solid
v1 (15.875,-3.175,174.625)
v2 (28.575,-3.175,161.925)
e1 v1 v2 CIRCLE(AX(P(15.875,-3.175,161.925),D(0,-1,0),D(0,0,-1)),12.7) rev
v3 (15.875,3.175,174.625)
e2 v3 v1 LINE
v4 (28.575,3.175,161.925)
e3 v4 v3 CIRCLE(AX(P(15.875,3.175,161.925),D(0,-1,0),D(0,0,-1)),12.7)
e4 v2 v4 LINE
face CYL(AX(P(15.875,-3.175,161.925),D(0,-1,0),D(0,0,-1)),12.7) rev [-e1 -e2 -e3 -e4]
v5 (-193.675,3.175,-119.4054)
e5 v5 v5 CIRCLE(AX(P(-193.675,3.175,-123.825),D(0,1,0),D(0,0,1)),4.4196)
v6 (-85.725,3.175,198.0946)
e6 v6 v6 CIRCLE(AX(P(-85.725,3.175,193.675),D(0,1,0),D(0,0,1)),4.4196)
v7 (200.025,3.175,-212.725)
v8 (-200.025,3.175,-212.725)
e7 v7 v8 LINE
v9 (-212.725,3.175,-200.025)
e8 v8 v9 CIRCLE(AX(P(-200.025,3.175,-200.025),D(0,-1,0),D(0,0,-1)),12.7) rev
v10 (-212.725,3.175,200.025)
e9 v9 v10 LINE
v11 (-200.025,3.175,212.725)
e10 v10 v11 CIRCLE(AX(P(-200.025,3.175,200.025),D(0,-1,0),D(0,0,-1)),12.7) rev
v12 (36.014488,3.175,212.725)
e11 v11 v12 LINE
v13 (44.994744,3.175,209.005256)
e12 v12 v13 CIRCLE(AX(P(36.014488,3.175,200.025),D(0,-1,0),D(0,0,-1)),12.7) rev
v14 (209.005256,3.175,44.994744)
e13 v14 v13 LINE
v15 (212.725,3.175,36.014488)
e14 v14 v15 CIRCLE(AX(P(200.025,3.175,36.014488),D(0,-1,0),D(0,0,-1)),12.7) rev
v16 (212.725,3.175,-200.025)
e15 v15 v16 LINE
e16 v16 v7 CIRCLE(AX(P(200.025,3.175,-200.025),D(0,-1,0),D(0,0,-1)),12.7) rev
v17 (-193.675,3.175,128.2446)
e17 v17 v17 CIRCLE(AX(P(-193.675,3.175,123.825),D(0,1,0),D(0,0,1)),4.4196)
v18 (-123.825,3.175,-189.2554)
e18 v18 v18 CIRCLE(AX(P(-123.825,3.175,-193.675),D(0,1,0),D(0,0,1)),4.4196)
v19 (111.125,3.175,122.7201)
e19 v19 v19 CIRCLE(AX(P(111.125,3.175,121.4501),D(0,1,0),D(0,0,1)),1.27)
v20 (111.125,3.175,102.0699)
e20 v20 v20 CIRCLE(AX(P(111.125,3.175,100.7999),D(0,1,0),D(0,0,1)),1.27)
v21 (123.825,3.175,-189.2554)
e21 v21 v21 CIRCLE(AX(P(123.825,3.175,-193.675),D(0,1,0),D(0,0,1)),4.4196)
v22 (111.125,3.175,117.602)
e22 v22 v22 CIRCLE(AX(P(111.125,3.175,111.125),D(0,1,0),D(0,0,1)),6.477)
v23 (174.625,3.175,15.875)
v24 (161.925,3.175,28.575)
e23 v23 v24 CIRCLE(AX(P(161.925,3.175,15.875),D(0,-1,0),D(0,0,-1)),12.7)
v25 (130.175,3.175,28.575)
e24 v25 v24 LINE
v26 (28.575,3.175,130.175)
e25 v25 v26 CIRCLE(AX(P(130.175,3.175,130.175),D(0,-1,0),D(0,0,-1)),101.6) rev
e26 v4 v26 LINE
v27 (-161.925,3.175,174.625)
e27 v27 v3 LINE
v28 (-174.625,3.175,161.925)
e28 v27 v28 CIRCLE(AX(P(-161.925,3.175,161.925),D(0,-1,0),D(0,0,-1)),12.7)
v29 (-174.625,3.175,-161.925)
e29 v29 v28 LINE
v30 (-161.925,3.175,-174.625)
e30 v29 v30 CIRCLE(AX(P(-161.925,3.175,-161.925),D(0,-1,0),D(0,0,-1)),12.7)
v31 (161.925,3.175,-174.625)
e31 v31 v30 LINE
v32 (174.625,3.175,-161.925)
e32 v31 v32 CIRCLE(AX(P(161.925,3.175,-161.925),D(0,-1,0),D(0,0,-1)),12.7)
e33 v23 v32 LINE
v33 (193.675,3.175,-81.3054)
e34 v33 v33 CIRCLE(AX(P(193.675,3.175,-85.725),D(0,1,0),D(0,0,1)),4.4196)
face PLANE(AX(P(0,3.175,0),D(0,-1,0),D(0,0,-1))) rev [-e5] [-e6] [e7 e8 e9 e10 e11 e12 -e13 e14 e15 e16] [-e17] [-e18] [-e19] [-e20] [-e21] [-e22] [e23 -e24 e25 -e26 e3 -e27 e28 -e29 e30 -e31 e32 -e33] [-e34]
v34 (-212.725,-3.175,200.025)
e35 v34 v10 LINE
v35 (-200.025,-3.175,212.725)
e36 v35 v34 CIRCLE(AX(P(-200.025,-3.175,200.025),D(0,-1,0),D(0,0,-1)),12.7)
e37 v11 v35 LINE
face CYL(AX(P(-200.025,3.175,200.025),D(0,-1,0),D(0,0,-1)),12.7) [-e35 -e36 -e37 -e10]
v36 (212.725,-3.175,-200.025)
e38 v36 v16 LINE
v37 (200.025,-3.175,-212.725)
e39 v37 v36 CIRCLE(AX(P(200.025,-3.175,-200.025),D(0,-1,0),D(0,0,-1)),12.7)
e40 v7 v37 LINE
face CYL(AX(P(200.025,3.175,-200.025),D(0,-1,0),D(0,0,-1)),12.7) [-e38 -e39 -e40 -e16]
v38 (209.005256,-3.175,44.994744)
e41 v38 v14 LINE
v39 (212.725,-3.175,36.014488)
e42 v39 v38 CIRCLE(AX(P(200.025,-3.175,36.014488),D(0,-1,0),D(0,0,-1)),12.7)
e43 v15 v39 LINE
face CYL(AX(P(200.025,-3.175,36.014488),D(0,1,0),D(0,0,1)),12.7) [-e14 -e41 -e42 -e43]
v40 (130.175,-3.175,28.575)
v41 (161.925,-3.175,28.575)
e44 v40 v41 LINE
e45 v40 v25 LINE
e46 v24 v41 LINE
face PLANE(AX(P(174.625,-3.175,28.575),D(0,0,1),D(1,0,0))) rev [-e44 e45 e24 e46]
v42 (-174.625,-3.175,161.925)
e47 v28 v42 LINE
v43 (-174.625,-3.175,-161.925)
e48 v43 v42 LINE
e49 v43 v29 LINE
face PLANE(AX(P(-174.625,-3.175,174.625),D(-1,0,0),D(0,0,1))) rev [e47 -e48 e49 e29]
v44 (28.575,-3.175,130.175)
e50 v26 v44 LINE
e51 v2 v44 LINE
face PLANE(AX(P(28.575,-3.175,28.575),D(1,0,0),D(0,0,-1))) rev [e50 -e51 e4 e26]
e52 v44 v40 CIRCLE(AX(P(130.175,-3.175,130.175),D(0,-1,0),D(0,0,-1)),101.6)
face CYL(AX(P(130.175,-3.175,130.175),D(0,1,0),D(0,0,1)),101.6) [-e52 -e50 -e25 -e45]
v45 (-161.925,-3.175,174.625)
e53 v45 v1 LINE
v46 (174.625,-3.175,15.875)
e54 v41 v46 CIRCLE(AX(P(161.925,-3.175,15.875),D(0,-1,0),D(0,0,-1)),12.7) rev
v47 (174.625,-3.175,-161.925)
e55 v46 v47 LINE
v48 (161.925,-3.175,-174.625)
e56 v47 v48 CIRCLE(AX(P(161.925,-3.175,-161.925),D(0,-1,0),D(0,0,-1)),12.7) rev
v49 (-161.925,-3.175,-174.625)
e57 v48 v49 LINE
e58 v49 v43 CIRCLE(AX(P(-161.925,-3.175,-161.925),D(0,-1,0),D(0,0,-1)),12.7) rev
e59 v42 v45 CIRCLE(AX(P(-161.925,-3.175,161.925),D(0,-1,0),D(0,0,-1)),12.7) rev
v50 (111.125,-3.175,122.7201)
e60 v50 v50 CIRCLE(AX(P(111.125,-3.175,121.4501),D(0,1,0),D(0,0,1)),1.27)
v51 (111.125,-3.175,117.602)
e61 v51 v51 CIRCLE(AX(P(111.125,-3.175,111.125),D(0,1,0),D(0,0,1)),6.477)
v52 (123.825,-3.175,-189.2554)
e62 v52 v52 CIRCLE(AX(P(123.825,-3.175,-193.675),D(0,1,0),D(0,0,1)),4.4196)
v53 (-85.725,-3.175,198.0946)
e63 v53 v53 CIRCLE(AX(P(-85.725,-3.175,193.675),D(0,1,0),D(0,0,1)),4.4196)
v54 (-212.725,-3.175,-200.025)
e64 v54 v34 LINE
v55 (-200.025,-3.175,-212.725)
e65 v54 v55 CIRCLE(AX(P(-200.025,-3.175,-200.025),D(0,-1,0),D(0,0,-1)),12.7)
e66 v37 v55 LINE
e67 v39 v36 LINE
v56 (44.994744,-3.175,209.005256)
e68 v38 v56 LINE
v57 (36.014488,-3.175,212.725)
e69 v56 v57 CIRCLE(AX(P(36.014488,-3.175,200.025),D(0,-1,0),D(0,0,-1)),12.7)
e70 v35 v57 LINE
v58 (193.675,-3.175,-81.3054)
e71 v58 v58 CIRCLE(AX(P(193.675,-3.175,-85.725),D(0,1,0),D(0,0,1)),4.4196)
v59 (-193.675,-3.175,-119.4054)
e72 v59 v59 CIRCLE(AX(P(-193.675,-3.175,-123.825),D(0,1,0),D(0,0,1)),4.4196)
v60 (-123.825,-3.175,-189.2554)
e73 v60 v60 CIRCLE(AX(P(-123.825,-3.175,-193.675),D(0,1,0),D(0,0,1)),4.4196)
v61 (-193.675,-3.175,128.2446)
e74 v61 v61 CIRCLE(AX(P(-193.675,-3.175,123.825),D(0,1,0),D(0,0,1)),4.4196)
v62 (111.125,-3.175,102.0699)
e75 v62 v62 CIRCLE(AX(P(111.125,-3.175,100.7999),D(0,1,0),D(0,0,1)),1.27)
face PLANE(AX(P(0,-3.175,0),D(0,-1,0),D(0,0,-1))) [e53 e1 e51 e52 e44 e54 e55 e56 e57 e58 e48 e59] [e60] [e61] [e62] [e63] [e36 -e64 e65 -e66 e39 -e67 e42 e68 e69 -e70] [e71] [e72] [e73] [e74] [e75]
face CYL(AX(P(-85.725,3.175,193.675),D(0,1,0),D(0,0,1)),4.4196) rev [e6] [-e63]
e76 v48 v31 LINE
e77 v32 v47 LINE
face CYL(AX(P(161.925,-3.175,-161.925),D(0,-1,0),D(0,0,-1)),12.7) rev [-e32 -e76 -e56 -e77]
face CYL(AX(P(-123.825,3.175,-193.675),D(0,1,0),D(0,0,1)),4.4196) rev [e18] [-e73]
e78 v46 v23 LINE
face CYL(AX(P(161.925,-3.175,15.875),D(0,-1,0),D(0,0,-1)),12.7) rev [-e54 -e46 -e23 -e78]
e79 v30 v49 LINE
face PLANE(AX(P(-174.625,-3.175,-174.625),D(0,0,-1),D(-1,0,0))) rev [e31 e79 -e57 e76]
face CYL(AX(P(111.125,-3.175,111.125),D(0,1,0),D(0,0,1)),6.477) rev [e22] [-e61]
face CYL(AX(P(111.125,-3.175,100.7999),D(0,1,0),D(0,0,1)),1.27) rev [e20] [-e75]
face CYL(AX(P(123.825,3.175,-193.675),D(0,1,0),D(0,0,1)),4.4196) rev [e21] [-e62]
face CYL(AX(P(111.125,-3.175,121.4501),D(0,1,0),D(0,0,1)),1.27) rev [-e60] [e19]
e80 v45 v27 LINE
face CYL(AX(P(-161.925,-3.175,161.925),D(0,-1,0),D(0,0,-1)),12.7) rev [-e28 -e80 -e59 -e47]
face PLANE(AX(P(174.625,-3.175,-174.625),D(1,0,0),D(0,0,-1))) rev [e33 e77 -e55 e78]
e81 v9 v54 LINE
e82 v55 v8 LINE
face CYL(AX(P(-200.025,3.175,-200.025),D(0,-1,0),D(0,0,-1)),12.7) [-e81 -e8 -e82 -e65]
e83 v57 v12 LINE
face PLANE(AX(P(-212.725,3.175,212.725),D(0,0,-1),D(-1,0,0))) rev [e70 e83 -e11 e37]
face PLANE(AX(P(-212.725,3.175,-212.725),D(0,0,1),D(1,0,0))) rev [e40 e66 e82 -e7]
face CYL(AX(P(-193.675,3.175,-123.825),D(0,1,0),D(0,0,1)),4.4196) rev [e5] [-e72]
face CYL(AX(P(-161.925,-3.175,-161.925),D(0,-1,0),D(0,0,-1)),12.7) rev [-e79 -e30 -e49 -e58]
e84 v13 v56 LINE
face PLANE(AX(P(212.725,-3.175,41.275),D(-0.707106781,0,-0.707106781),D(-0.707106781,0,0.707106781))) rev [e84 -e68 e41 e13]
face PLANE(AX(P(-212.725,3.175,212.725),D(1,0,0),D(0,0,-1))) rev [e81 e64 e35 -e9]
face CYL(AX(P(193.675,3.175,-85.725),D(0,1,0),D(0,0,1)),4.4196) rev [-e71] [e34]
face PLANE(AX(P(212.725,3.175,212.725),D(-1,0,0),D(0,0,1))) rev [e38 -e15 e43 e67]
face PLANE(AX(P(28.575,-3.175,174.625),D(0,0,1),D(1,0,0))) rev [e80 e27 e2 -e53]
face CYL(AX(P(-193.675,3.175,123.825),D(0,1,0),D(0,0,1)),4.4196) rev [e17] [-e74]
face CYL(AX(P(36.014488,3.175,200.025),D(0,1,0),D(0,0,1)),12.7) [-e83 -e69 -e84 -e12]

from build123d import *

# Parameters (mm, degrees)
SKETCH1_W                = 425.45
SKETCH1_H                = 425.45
BOSS_EXTRUDE1_DEPTH      = 3.175
CUT_EXTRUDE1_DEPTH       = 301.90558943
SKETCH3_R                = 6.477
SKETCH3_R_2              = 1.27
CUT_EXTRUDE2_DEPTH       = 301.90558943
F_0_332_DIAMETER_HOLE1_D = 8.8392
CUT_EXTRUDE3_DEPTH       = 301.90558943
FILLET1_R                = 12.7
FILLET2_R                = 101.6


with BuildPart() as part:
    # Sketch1 → Boss-Extrude1 (new, symmetric)
    with BuildSketch(Plane(origin=(0, 0, 0), x_dir=(1, 0, 0), z_dir=(0, 1, 0))):
        Rectangle(SKETCH1_W, SKETCH1_H)
    extrude(amount=BOSS_EXTRUDE1_DEPTH, both=True)

    # Sketch2 → Cut-Extrude1 (cut, through all)
    with BuildSketch(Plane(origin=(0, 3.175, 0), x_dir=(1, 0, 0), z_dir=(0, 1, 0))):
        Polygon((212.725, -212.725), (212.725, -41.275), (41.275, -212.725), align=None)
    extrude(amount=-CUT_EXTRUDE1_DEPTH, mode=Mode.SUBTRACT)

    # Sketch3 → Cut-Extrude2 (cut, through all)
    with BuildSketch(Plane(origin=(0, 3.175, 0), x_dir=(1, 0, 0), z_dir=(0, 1, 0))):
        with Locations(Location((111.125, -111.125, 0), (0, 0, 270))):
            Circle(SKETCH3_R)
        with Locations(Location((111.125, -100.7999, 0), (0, 0, 270))):
            Circle(SKETCH3_R_2)
        with Locations(Location((111.125, -121.4501, 0), (0, 0, 270))):
            Circle(SKETCH3_R_2)
    extrude(amount=-CUT_EXTRUDE2_DEPTH, mode=Mode.SUBTRACT)

    # 0.332_ Diameter Hole1 (through all)
    with Locations(Plane(origin=(0, 3.175, 0), x_dir=(1, 0, 0), z_dir=(0, 1, 0))):
        with Locations((-85.725, -193.675), (-193.675, -123.825), (-193.675, 123.825), (-123.825, 193.675), (123.825, 193.675), (193.675, 85.725)):
            Hole(F_0_332_DIAMETER_HOLE1_D / 2)

    # Sketch6 → Cut-Extrude3 (cut, through all)
    with BuildSketch(Plane(origin=(0, 3.175, 0), x_dir=(1, 0, 0), z_dir=(0, 1, 0))):
        Polygon((174.625, 174.625), (174.625, -28.575), (28.575, -28.575), (28.575, -174.625), (-174.625, -174.625), (-174.625, 174.625), align=None)
    extrude(amount=-CUT_EXTRUDE3_DEPTH, mode=Mode.SUBTRACT)

    # Fillet1
    fillet1_edges = [part.edges().sort_by_distance(p)[0] for p in [
        (41.275, 0, 212.725),
        (212.725, 0, 41.275),
        (-212.725, 0, 212.725),
        (-212.725, 0, -212.725),
        (-174.625, 0, -174.625),
        (212.725, 0, -212.725),
        (174.625, 0, -174.625),
        (174.625, 0, 28.575),
        (28.575, 0, 174.625),
        (-174.625, 0, 174.625),
    ]]
    fillet(fillet1_edges, radius=FILLET1_R)

    # Fillet2
    fillet2_edges = [part.edges().sort_by_distance(p)[0] for p in [
        (28.575, 0, 28.575),
    ]]
    fillet(fillet2_edges, radius=FILLET2_R)


solid = part.part
